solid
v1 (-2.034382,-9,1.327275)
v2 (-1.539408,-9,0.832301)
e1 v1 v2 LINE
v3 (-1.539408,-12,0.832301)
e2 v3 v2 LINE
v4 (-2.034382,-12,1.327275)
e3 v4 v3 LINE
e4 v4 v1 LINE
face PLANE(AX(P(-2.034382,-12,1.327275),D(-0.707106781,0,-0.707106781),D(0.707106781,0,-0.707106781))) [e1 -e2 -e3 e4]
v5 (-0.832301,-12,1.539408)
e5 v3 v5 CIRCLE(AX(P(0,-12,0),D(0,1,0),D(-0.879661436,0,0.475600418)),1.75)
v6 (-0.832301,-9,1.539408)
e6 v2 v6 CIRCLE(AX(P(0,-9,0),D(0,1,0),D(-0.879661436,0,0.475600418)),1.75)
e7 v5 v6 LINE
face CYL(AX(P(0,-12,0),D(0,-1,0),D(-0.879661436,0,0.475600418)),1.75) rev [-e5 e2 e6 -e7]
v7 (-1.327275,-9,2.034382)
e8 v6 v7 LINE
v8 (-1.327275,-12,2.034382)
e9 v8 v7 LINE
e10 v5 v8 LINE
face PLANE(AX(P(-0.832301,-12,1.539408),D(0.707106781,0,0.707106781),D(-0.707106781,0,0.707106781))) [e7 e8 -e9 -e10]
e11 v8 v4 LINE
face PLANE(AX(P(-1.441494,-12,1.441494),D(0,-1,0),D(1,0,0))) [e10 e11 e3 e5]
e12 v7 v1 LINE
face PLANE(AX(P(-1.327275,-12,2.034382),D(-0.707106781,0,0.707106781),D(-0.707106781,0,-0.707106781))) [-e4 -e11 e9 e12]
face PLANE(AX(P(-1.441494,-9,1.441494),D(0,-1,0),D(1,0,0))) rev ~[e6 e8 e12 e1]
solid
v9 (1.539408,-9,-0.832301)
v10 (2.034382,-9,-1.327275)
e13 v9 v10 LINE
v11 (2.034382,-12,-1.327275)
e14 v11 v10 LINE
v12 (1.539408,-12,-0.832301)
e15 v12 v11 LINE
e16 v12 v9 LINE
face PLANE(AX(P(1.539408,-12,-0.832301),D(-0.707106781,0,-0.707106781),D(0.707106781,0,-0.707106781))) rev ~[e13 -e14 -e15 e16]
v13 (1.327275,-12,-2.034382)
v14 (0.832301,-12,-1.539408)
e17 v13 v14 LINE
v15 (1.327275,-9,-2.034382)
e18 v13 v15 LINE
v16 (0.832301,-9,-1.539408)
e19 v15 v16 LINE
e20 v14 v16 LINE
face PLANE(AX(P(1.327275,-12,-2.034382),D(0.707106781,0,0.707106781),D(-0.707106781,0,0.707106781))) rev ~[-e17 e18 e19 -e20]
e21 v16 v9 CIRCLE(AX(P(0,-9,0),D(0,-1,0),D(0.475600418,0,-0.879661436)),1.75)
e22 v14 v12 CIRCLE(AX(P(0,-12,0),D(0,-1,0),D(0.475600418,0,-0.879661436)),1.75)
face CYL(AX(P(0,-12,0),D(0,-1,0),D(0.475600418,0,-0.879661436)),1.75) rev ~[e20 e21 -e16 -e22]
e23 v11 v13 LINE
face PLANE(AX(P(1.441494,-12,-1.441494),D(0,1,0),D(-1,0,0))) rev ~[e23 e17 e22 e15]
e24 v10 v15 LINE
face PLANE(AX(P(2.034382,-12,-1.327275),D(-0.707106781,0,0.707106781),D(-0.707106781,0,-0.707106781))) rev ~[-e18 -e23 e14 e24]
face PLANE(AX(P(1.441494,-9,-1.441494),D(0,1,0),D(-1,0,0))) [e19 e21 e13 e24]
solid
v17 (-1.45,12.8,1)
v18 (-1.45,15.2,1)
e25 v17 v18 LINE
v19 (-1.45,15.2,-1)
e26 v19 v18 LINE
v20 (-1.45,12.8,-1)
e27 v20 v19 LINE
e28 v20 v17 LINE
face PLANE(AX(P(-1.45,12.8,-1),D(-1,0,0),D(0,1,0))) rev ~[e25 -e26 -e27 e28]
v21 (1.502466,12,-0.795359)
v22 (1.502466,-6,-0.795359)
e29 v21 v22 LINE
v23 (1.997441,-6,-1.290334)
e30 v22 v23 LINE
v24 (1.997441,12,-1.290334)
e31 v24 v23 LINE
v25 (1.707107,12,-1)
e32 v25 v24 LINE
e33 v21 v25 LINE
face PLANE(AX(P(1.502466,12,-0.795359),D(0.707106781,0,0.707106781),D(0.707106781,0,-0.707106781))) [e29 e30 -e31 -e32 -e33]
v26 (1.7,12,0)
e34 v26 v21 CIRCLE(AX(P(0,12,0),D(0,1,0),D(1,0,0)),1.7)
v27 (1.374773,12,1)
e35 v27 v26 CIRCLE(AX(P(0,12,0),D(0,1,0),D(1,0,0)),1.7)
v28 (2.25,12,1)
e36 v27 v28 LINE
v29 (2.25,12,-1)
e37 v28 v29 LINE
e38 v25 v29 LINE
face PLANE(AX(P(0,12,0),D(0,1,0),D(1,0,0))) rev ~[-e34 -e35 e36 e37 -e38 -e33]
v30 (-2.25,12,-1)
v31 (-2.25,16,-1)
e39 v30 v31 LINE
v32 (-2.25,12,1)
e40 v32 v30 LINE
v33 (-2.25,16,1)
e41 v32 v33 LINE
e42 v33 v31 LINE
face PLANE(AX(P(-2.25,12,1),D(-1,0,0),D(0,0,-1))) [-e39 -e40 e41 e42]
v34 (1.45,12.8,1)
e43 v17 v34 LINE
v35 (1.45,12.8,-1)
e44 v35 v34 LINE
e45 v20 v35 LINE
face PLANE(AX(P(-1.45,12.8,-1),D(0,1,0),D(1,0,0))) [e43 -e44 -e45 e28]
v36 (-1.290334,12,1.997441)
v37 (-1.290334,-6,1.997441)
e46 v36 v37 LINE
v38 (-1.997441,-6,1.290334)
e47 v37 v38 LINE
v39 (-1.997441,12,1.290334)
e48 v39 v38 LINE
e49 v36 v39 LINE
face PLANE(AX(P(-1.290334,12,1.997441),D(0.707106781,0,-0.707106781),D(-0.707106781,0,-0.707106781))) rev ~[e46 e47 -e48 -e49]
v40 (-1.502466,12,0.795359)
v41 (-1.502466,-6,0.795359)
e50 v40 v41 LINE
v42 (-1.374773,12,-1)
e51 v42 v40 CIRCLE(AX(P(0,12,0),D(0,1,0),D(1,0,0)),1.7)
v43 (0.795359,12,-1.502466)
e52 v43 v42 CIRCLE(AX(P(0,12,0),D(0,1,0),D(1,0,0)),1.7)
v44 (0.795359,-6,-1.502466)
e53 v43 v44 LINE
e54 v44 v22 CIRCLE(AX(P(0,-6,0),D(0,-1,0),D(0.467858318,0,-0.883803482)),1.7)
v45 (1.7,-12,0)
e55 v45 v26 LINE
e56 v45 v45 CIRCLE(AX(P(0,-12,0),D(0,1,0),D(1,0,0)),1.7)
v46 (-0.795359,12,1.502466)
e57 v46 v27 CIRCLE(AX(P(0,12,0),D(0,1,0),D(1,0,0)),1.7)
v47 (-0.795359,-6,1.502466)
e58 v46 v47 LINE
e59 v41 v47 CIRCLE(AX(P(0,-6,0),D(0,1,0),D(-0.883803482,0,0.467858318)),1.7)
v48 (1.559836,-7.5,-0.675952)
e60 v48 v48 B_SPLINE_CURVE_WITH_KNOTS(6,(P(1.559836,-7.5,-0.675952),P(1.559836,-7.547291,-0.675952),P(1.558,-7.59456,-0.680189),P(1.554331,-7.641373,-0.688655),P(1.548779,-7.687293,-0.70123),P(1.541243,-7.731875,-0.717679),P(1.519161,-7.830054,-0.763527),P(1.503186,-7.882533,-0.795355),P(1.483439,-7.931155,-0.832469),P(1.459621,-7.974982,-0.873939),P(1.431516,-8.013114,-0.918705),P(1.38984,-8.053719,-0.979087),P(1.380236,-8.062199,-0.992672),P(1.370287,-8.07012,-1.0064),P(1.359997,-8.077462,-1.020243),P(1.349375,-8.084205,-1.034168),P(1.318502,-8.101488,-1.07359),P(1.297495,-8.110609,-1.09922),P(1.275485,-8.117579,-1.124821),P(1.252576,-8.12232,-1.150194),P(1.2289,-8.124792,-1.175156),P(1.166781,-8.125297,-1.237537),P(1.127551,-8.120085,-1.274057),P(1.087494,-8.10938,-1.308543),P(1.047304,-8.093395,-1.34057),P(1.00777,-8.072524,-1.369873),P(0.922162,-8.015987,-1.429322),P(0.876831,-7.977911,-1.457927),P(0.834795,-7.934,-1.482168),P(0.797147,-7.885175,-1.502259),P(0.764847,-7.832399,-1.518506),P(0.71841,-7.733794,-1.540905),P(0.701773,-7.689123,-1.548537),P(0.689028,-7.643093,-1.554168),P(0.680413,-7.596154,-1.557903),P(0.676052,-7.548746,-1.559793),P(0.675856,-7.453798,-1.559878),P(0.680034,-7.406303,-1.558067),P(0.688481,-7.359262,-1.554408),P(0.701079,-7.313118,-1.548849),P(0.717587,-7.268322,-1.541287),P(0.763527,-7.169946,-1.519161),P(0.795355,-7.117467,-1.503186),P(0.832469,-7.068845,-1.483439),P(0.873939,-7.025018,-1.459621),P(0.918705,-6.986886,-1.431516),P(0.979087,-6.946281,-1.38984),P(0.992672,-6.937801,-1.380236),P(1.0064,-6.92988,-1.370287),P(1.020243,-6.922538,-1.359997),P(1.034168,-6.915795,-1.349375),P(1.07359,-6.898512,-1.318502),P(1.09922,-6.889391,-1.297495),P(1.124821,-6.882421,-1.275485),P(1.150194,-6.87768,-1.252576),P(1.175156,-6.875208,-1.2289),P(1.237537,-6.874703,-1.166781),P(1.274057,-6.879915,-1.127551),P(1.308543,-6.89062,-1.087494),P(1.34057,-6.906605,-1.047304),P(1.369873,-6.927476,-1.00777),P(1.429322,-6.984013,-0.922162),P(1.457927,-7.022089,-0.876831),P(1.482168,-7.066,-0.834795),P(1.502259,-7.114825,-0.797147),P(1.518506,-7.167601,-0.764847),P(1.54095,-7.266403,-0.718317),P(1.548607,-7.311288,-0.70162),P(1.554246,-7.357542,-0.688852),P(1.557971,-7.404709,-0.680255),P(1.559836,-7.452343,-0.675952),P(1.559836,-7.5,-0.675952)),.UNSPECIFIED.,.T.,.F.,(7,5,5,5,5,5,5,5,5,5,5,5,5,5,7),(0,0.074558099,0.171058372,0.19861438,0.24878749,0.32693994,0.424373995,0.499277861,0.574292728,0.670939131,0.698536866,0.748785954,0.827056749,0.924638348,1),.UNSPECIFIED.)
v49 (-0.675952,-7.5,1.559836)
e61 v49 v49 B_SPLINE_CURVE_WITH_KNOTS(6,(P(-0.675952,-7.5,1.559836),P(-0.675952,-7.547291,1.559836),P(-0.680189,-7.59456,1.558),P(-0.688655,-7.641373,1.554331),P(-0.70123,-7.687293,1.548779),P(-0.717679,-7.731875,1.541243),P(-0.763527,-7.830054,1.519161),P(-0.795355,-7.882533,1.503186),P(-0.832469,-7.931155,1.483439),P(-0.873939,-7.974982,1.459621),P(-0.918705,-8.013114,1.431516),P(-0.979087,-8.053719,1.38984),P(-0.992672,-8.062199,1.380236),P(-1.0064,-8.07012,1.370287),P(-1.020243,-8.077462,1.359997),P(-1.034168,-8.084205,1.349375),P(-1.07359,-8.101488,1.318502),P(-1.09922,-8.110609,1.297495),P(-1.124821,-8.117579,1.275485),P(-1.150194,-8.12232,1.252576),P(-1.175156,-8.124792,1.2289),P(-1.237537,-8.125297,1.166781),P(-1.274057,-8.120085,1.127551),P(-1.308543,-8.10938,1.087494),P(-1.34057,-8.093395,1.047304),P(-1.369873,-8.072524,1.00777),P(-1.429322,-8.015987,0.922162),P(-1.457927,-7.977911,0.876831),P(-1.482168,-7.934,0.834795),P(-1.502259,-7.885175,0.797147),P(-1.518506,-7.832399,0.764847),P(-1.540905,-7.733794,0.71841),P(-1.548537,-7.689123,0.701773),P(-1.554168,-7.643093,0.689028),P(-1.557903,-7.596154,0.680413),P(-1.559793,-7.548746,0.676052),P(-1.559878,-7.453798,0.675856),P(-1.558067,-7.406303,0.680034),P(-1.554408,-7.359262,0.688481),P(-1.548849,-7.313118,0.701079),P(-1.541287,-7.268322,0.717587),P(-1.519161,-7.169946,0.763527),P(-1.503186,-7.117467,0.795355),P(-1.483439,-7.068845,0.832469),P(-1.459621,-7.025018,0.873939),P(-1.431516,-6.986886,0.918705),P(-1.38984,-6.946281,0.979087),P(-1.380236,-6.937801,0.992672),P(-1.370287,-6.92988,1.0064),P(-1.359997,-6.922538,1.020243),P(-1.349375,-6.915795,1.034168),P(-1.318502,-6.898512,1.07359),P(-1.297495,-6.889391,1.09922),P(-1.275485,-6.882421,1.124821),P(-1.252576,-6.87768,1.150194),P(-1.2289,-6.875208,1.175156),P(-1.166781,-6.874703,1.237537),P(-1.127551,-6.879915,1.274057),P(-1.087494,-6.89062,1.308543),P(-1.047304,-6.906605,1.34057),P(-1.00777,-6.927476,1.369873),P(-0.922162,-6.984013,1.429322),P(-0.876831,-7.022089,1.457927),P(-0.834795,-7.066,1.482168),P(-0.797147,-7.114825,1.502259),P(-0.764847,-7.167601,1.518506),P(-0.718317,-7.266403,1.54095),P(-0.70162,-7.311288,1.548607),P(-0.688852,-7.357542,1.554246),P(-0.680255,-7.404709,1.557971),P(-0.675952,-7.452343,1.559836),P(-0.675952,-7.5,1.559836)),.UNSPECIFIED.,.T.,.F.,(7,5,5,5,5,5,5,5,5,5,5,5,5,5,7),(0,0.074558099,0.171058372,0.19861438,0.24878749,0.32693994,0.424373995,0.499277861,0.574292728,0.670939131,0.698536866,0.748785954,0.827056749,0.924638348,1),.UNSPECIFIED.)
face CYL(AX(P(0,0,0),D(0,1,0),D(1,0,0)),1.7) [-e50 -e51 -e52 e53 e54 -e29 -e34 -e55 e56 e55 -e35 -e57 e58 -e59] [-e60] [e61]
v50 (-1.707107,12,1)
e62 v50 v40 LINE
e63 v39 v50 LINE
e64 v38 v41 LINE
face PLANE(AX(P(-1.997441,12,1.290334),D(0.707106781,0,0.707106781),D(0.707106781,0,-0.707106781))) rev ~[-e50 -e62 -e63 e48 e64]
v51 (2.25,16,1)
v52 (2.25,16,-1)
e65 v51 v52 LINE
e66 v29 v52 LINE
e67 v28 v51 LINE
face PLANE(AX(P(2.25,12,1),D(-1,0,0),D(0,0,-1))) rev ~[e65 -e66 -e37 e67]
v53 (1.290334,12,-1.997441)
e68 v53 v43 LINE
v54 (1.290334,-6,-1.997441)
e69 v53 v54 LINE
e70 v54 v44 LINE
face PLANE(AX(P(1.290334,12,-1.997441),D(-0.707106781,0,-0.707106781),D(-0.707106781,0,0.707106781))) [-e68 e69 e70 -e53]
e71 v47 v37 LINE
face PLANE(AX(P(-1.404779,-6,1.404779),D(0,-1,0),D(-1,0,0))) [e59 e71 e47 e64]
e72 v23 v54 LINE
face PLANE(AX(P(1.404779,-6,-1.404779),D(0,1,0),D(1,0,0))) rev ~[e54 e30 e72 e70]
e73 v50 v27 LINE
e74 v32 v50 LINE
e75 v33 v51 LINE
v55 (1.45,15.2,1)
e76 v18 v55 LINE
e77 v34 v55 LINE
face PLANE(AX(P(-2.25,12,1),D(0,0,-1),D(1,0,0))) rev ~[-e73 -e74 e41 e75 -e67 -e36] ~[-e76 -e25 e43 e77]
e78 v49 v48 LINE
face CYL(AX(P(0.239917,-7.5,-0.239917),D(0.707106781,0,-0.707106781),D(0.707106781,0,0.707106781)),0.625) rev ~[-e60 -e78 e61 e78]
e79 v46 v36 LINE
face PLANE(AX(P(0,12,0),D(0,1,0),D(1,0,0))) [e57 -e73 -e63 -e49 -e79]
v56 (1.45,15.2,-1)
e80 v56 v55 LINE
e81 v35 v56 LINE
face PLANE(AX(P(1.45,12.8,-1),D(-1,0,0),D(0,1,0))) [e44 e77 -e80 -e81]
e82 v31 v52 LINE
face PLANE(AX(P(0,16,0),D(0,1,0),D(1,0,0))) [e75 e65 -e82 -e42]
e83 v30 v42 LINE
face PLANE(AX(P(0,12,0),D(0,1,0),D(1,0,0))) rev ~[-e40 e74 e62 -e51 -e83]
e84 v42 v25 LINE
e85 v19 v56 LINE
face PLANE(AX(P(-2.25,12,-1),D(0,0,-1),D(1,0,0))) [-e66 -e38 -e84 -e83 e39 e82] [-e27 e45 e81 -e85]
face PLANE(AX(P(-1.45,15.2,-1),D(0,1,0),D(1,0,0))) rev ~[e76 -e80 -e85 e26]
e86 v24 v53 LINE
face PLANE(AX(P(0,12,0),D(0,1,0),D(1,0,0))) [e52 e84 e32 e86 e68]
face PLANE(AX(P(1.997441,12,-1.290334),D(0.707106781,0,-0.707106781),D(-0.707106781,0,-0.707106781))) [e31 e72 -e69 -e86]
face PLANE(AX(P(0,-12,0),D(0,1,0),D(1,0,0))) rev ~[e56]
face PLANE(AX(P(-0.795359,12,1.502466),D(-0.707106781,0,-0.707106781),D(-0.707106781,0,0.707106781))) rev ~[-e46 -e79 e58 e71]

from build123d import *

# Parameters (mm, degrees)
SKETCH1_R             = 1.7
MAIN_BODY_DEPTH       = 12
TOP_GUIDES_DEPTH      = 18
BOTTOM_GUIDES_DEPTH   = 3
BOTTOM_GUIDES_2_DEPTH = 3
SKETCH10_W            = 4.5
SKETCH10_H            = 2
HOLE_EXTRUDE_DEPTH    = 4
SKETCH11_W            = 2.9
SKETCH11_H            = 2.4
HOLE_CUT_DEPTH        = 4.03438226
SKETCH12_W            = 0.625
SKETCH12_H            = 5.328201779


with BuildPart() as part:
    # Sketch1 → main body (new body, symmetric)
    with BuildSketch(Plane(origin=(0, 0, 0), x_dir=(1, 0, 0), z_dir=(0, 1, 0))):
        Circle(SKETCH1_R)
    extrude(amount=MAIN_BODY_DEPTH, both=True)

    # Sketch2 → top guides (add)
    with BuildSketch(Plane(origin=(0, 12, 0), x_dir=(1, 0, 0), z_dir=(0, 1, 0))):
        with BuildLine():
            Line((-0.795359139, -1.50246592), (-1.290333886, -1.997440667))
            Line((-1.290333886, -1.997440667), (-1.997440667, -1.290333886))
            Line((-1.997440667, -1.290333886), (-1.50246592, -0.795359139))
            ThreePointArc((-1.50246592, -0.795359139), (-1.202081528, -1.202081528), (-0.795359139, -1.50246592))
        make_face()
        with BuildLine():
            Line((1.290333886, 1.997440667), (0.795359139, 1.50246592))
            ThreePointArc((0.795359139, 1.50246592), (1.202081528, 1.202081528), (1.50246592, 0.795359139))
            Line((1.50246592, 0.795359139), (1.997440667, 1.290333886))
            Line((1.997440667, 1.290333886), (1.290333886, 1.997440667))
        make_face()
    extrude(amount=-TOP_GUIDES_DEPTH)

    # Sketch10 → hole extrude (add)
    with BuildSketch(Plane(origin=(0, 12, 0), x_dir=(1, 0, 0), z_dir=(0, 1, 0))):
        Rectangle(SKETCH10_W, SKETCH10_H)
    extrude(amount=HOLE_EXTRUDE_DEPTH)

    # Sketch11 → hole cut (cut, through all)
    with BuildSketch(Plane.XY.offset(-1)):
        with Locations((0, 14)):
            Rectangle(SKETCH11_W, SKETCH11_H)
    extrude(amount=HOLE_CUT_DEPTH, mode=Mode.SUBTRACT)

    # Sketch12 → M1.6 Tapped Hole4 (revolve, cut)
    with BuildSketch(Plane(origin=(-1.643887276, -7.5, 1.643887276), x_dir=(0.707106781, 0, 0.707106781), z_dir=(0, 1, 0))):
        with Locations((0.3125, 2.66410089)):
            Rectangle(SKETCH12_W, SKETCH12_H)
    revolve(axis=Axis((-6.134015337, -7.5, 6.134015337), (0.707106781, 0, -0.707106781)), mode=Mode.SUBTRACT)


with BuildPart() as body_2:
    # Sketch7 → bottom guides (new body)
    with BuildSketch(Plane.XZ.offset(12)):
        with BuildLine():
            Line((1.539407513, -0.832300732), (2.03438226, -1.327275479))
            Line((2.03438226, -1.327275479), (1.327275479, -2.03438226))
            Line((1.327275479, -2.03438226), (0.832300732, -1.539407513))
            ThreePointArc((0.832300732, -1.539407513), (1.237436867, -1.237436867), (1.539407513, -0.832300732))
        make_face()
    extrude(amount=-BOTTOM_GUIDES_DEPTH)


with BuildPart() as body_3:
    # Sketch7 → bottom guides 2 (new body)
    with BuildSketch(Plane.XZ.offset(12)):
        with BuildLine():
            Line((-2.03438226, 1.327275479), (-1.539407513, 0.832300732))
            ThreePointArc((-1.539407513, 0.832300732), (-1.237436867, 1.237436867), (-0.832300732, 1.539407513))
            Line((-0.832300732, 1.539407513), (-1.327275479, 2.03438226))
            Line((-1.327275479, 2.03438226), (-2.03438226, 1.327275479))
        make_face()
    extrude(amount=-BOTTOM_GUIDES_2_DEPTH)


solid = Compound([part.part, body_2.part, body_3.part])
